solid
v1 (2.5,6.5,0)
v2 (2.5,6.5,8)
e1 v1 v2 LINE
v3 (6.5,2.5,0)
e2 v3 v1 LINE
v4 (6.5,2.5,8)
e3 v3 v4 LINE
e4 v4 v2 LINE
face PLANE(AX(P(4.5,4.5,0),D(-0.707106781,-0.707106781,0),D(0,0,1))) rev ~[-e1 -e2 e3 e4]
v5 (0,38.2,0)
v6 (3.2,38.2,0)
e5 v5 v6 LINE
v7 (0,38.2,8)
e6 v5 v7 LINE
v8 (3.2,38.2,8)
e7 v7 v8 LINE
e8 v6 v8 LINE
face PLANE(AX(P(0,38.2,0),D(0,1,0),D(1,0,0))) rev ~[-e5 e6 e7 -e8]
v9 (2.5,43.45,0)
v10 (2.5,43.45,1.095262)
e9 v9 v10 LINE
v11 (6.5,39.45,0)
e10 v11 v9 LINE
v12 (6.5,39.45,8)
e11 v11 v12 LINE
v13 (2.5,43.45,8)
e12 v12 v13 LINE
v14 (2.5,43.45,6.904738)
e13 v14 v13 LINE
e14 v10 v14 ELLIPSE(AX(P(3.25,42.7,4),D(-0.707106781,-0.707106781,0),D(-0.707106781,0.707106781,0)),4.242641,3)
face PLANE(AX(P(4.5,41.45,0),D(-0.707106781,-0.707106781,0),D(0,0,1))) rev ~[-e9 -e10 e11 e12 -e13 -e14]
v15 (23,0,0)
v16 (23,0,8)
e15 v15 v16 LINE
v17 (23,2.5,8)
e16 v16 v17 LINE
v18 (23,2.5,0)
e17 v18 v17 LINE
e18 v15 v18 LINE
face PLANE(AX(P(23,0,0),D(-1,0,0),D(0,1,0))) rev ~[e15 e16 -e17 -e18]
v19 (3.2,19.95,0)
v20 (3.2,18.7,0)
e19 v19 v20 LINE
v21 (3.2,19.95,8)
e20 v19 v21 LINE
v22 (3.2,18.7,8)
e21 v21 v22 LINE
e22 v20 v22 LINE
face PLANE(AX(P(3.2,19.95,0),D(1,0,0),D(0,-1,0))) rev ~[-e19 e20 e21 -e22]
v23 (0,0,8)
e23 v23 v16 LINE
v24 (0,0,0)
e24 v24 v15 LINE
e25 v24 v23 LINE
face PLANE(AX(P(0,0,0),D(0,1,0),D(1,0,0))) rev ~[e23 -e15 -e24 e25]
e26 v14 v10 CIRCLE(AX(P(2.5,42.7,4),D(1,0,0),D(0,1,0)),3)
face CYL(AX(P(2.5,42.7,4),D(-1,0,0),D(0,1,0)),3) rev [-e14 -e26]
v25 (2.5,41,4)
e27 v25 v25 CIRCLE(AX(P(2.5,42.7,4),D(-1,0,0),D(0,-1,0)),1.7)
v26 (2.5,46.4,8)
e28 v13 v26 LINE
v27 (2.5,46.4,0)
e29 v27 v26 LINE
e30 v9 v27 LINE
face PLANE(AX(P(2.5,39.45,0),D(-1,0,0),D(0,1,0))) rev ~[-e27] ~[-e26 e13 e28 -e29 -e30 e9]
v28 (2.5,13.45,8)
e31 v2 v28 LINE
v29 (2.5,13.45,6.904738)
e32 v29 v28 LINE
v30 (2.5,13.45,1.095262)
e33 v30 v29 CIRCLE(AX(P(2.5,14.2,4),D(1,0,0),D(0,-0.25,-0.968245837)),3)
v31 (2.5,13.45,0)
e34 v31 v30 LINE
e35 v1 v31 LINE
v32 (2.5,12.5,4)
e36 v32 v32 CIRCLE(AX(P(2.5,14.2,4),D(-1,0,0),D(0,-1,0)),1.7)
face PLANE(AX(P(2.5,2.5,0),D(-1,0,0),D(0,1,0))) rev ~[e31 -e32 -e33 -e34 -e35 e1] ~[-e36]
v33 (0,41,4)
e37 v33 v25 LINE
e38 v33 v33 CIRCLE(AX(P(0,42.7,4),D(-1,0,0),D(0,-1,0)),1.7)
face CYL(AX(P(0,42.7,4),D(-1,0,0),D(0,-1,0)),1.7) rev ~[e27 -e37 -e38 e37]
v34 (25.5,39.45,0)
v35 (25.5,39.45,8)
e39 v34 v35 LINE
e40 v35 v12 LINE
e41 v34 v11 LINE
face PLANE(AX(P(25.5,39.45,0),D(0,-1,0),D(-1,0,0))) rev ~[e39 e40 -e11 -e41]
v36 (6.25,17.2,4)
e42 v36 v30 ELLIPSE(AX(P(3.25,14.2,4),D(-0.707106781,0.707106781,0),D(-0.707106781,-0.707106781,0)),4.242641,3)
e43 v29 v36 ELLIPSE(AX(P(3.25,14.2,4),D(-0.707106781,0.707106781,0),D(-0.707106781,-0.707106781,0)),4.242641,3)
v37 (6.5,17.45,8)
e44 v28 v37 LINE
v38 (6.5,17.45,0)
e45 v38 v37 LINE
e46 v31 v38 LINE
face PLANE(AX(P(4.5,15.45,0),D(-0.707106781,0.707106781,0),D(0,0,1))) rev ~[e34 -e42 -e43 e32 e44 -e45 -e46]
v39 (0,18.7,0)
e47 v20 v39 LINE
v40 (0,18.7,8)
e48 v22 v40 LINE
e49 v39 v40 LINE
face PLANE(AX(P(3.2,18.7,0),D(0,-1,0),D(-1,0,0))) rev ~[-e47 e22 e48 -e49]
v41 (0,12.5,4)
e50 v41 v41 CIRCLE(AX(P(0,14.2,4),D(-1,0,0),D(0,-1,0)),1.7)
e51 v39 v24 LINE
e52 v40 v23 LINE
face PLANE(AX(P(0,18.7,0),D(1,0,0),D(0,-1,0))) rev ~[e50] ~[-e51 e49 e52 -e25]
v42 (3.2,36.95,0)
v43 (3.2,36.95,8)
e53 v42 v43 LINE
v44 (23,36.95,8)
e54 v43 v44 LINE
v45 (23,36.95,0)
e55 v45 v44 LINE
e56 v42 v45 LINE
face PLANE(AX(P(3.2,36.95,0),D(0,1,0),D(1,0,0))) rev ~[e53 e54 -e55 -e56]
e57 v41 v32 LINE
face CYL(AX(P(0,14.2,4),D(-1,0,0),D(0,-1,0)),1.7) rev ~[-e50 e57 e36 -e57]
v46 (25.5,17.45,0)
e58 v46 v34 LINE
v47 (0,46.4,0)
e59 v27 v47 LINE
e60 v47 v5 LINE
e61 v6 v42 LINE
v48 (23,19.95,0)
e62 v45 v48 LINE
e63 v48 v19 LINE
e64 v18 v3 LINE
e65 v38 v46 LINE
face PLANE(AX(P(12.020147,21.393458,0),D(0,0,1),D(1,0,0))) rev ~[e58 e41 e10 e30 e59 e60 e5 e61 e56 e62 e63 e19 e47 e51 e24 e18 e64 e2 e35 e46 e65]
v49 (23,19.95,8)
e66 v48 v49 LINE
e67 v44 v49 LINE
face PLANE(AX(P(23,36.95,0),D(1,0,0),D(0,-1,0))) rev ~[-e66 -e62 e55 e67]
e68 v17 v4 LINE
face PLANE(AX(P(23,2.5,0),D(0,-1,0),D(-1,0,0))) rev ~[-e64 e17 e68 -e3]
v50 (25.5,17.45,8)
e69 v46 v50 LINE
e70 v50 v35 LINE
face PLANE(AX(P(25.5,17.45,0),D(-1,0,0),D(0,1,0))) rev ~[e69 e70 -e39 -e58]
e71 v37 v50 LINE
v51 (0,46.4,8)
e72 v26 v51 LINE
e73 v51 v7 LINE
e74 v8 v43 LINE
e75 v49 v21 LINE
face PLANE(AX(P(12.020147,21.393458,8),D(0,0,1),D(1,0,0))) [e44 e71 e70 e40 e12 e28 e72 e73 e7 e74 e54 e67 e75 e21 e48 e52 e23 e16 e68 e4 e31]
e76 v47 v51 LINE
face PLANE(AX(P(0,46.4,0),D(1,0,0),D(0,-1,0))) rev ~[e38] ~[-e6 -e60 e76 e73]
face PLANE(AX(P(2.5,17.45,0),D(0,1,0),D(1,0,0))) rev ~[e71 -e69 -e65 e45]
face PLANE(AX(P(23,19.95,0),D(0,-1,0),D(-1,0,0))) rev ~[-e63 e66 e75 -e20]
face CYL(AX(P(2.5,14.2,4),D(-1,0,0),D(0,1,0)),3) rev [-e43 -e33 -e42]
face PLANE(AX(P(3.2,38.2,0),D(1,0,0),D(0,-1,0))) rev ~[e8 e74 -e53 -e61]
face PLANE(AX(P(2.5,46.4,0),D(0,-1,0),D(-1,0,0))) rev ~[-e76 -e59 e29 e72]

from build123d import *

# Parameters (mm, degrees)
PAD_DEPTH       = 8
CHAMFER_SIZE    = 4
SKETCH001_R     = 1.7
POCKET_DEPTH    = 25.501
SKETCH002_R     = 3
POCKET001_DEPTH = 23.001


with BuildPart() as part:
    # Sketch → Pad (new body)
    with BuildSketch(Plane.XY):
        Polygon((0, 0), (23, 0), (23, 2.5), (2.5, 2.5), (2.5, 17.45), (25.5, 17.45), (25.5, 39.45), (2.5, 39.45), (2.5, 46.4), (0, 46.4), (0, 38.2), (3.2, 38.2), (3.2, 36.95), (23, 36.95), (23, 19.95), (3.2, 19.95), (3.2, 18.7), (0, 18.7), align=None)
    extrude(amount=PAD_DEPTH)

    # Chamfer
    chamfer_edges = [part.edges().sort_by_distance(p)[0] for p in [
        (2.5, 17.45, 4),
        (2.5, 39.45, 4),
        (2.5, 2.5, 4),
    ]]
    chamfer(chamfer_edges, length=CHAMFER_SIZE)

    # Sketch001 (on Face9 of Chamfer) → Pocket (cut, through all)
    with BuildSketch(Plane(origin=(0, 0, 0), x_dir=(0, -1, 0), z_dir=(-1, 0, 0))):
        with Locations((-42.7, 4)):
            Circle(SKETCH001_R)
        with Locations((-14.2, 4)):
            Circle(SKETCH001_R)
    extrude(amount=-POCKET_DEPTH, mode=Mode.SUBTRACT)

    # Sketch002 (on Face18 of Pocket) → Pocket001 (cut, through all)
    with BuildSketch(Plane.YZ.offset(2.5)):
        with Locations((14.2, 4)):
            Circle(SKETCH002_R)
        with Locations((42.7, 4)):
            Circle(SKETCH002_R)
    extrude(amount=POCKET001_DEPTH, mode=Mode.SUBTRACT)


solid = part.part
